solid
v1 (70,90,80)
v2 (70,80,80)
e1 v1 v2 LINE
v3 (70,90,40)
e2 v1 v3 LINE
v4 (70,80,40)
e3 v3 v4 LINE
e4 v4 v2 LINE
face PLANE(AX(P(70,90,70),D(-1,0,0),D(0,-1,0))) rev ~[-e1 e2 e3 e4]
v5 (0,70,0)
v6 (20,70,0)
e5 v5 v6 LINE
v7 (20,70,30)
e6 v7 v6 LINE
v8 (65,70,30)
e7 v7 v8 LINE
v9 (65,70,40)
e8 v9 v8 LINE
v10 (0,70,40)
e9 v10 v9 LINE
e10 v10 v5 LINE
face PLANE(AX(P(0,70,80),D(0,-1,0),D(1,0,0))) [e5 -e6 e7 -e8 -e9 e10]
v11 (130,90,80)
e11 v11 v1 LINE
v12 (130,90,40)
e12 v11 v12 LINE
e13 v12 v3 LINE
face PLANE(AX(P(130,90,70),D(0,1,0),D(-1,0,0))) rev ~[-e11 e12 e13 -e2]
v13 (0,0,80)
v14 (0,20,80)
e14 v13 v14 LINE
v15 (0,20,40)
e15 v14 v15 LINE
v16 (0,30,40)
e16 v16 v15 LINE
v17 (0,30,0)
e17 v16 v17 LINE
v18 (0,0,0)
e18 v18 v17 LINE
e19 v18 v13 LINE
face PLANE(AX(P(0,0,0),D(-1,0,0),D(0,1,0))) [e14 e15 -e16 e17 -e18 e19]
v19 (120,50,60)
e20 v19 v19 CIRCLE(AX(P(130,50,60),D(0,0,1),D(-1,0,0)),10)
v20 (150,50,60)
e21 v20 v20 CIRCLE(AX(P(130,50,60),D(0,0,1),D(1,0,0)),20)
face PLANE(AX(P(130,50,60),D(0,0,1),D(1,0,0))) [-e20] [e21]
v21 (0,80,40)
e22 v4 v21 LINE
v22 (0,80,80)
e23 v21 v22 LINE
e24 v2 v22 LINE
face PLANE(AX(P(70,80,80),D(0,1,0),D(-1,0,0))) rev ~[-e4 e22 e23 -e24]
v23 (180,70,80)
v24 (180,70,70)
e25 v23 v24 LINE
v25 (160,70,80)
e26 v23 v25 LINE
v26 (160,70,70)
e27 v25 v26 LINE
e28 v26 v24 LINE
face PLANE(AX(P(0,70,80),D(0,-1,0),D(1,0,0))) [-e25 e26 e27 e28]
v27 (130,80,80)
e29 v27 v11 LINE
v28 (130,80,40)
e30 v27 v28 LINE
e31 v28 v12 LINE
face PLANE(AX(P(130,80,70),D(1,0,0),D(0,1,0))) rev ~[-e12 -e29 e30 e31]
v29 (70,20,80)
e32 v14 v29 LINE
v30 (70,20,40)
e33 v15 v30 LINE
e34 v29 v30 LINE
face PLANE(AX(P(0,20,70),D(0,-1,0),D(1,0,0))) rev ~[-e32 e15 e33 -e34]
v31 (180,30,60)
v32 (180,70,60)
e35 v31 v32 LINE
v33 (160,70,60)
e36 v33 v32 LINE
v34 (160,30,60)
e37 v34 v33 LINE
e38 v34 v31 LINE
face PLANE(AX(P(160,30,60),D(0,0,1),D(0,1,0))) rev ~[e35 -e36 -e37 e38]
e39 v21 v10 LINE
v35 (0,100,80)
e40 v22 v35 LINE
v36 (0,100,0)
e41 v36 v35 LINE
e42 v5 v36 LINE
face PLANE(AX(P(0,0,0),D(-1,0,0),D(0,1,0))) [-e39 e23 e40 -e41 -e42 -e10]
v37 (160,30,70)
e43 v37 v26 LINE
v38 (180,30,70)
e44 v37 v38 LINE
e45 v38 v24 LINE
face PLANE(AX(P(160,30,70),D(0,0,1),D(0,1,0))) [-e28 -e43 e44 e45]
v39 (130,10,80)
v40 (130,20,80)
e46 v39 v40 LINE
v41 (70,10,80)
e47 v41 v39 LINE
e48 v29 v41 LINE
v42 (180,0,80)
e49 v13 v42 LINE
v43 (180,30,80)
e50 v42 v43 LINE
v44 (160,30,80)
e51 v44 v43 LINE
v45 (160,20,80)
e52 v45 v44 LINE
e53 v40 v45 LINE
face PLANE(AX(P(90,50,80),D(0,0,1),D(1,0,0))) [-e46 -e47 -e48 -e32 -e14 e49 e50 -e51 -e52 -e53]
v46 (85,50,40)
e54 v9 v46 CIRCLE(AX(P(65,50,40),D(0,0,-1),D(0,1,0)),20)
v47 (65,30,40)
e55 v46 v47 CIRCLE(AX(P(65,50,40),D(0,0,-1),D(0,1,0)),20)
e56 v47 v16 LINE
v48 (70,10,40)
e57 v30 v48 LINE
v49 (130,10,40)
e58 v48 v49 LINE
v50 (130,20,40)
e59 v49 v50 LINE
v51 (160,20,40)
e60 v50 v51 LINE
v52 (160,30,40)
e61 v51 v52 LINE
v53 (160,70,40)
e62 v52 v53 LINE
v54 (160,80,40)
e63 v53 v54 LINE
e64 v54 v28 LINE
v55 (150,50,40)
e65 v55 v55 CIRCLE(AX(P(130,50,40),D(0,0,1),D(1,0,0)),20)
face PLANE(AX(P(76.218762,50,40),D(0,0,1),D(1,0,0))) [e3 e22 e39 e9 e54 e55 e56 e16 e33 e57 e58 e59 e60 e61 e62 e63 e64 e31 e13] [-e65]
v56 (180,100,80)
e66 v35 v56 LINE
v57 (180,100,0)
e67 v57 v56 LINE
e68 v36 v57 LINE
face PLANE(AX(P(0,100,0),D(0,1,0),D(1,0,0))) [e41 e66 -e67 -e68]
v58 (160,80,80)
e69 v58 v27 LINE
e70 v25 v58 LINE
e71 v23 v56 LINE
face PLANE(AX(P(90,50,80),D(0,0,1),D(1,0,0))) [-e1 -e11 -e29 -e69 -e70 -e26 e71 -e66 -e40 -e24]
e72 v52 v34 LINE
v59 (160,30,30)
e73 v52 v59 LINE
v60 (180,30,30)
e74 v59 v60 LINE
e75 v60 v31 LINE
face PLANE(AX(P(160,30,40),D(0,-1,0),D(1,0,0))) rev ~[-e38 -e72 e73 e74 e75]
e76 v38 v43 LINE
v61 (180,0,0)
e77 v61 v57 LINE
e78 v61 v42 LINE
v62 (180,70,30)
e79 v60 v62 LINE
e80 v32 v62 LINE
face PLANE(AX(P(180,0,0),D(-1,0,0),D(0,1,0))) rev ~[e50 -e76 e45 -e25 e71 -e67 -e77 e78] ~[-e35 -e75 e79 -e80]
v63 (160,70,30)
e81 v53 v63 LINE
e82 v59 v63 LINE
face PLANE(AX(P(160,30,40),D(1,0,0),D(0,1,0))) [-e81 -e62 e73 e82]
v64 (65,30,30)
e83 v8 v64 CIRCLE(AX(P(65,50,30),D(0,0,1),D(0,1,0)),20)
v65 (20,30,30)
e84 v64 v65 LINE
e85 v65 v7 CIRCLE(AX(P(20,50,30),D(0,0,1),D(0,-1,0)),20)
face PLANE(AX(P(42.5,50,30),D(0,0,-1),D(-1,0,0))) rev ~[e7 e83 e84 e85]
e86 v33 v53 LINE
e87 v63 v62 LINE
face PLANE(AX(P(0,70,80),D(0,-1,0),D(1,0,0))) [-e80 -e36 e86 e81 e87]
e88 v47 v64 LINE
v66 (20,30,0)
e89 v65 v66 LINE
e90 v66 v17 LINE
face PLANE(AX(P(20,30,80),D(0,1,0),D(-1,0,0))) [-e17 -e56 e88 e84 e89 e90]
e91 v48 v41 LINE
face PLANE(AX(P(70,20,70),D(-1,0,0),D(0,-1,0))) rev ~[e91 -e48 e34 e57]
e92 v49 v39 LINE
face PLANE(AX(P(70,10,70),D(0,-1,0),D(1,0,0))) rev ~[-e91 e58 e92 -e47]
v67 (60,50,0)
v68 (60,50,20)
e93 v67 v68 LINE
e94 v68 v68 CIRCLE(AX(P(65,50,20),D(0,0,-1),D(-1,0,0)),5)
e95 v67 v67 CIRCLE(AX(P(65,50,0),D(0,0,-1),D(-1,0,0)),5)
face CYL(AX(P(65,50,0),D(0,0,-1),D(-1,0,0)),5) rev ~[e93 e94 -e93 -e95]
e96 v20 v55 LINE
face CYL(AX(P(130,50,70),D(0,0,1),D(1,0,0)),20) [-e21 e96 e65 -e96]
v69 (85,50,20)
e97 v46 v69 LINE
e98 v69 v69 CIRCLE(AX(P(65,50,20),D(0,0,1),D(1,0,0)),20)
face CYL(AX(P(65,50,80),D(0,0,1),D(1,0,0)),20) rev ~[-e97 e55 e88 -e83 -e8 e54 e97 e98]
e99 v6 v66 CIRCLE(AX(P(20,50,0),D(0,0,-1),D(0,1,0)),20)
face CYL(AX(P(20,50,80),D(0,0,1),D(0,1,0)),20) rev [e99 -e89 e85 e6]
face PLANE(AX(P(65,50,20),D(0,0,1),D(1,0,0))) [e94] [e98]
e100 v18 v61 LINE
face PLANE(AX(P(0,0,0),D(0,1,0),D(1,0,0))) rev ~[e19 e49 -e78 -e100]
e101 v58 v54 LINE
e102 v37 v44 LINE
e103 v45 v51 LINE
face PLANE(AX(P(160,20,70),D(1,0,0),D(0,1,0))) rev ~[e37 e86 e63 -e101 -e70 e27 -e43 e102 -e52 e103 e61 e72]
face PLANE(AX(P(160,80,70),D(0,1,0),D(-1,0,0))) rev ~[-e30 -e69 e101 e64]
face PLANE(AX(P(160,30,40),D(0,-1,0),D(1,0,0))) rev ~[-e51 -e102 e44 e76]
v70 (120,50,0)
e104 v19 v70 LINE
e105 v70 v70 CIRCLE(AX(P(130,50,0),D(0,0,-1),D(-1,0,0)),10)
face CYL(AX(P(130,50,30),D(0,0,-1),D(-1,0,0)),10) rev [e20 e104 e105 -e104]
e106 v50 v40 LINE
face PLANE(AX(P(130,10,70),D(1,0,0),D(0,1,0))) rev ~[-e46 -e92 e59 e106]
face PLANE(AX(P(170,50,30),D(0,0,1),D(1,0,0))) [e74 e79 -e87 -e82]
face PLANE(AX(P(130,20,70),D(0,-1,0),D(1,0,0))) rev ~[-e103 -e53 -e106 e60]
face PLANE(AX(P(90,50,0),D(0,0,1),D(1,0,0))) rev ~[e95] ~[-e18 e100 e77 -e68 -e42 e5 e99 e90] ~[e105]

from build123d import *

# Parameters (mm, degrees)
SKETCH1_W           = 180
SKETCH1_H           = 100
BOSS_EXTRUDE1_DEPTH = 80
CUT_EXTRUDE1_DEPTH  = 80
SKETCH3_R           = 5
CUT_EXTRUDE2_DEPTH  = 20
SKETCH4_R           = 10
CUT_EXTRUDE3_DEPTH  = 60
SKETCH5_R           = 20
CUT_EXTRUDE4_DEPTH  = 60
SKETCH6_R           = 20
CUT_EXTRUDE5_DEPTH  = 50
CUT_EXTRUDE6_DEPTH  = 50
SKETCH8_W           = 10
SKETCH8_H           = 40
CUT_EXTRUDE7_DEPTH  = 207
CUT_EXTRUDE8_DEPTH  = 10
CUT_EXTRUDE9_DEPTH  = 10
SKETCH11_W          = 20
SKETCH11_H          = 40
CUT_EXTRUDE10_DEPTH = 30
SKETCH12_R          = 20
SKETCH12_R_2        = 10
BOSS_EXTRUDE3_DEPTH = 30
SKETCH13_R          = 20
CUT_EXTRUDE11_DEPTH = 30
SKETCH14_W          = 20
SKETCH14_H          = 40
CUT_EXTRUDE12_DEPTH = 10
SKETCH15_W          = 10
SKETCH15_H          = 40
BOSS_EXTRUDE5_DEPTH = 20


with BuildPart() as part:
    # Sketch1 → Boss-Extrude1 (new body)
    with BuildSketch(Plane.XY):
        with Locations((90, 50)):
            Rectangle(SKETCH1_W, SKETCH1_H)
    extrude(amount=BOSS_EXTRUDE1_DEPTH)

    # Sketch2 → Cut-Extrude1 (cut)
    with BuildSketch(Plane.XY.offset(80)):
        with BuildLine():
            Line((0, 70), (20, 70))
            ThreePointArc((20, 70), (40, 50), (20, 30))
            Line((20, 30), (0, 30))
            Line((0, 30), (0, 70))
        make_face()
    extrude(amount=-CUT_EXTRUDE1_DEPTH, mode=Mode.SUBTRACT)

    # Sketch3 → Cut-Extrude2 (cut)
    with BuildSketch(Plane(origin=(0, 0, 0), x_dir=(-1, 0, 0), z_dir=(0, 0, -1))):
        with Locations((-65, 50)):
            Circle(SKETCH3_R)
    extrude(amount=-CUT_EXTRUDE2_DEPTH, mode=Mode.SUBTRACT)

    # Sketch4 → Cut-Extrude3 (cut)
    with BuildSketch(Plane(origin=(0, 0, 0), x_dir=(-1, 0, 0), z_dir=(0, 0, -1))):
        with Locations((-130, 50)):
            Circle(SKETCH4_R)
    extrude(amount=-CUT_EXTRUDE3_DEPTH, mode=Mode.SUBTRACT)

    # Sketch5 → Cut-Extrude4 (cut)
    with BuildSketch(Plane.XY.offset(80)):
        with Locations((65, 50)):
            Circle(SKETCH5_R)
    extrude(amount=-CUT_EXTRUDE4_DEPTH, mode=Mode.SUBTRACT)

    # Sketch6 → Cut-Extrude5 (cut)
    with BuildSketch(Plane.XY.offset(80)):
        with Locations((130, 50)):
            Circle(SKETCH6_R)
    extrude(amount=-CUT_EXTRUDE5_DEPTH, mode=Mode.SUBTRACT)

    # Sketch7 → Cut-Extrude6 (cut)
    with BuildSketch(Plane.XY.offset(80)):
        with BuildLine():
            Line((20, 70), (65, 70))
            ThreePointArc((65, 70), (45, 50), (65, 30))
            Line((65, 30), (20, 30))
            ThreePointArc((20, 30), (40, 50), (20, 70))
        make_face()
    extrude(amount=-CUT_EXTRUDE6_DEPTH, mode=Mode.SUBTRACT)

    # Sketch8 → Cut-Extrude7 (cut)
    with BuildSketch(Plane(origin=(180, 0, 0), x_dir=(0, 0, -1), z_dir=(1, 0, 0))):
        with Locations((-75, 50)):
            Rectangle(SKETCH8_W, SKETCH8_H)
    extrude(amount=-CUT_EXTRUDE7_DEPTH, mode=Mode.SUBTRACT)

    # Sketch9 → Cut-Extrude8 (cut)
    with BuildSketch(Plane.XY.offset(80)):
        Polygon((0, 70), (160, 70), (160, 80), (130, 80), (130, 90), (70, 90), (70, 80), (0, 80), align=None)
    extrude(amount=-CUT_EXTRUDE8_DEPTH, mode=Mode.SUBTRACT)

    # Sketch10 → Cut-Extrude9 (cut)
    with BuildSketch(Plane.XY.offset(80)):
        Polygon((160, 20), (160, 30), (0, 30), (0, 20), (70, 20), (70, 10), (130, 10), (130, 20), align=None)
    extrude(amount=-CUT_EXTRUDE9_DEPTH, mode=Mode.SUBTRACT)

    # Sketch11 → Cut-Extrude10 (cut)
    with BuildSketch(Plane.XY.offset(70)):
        with Locations((170, 50)):
            Rectangle(SKETCH11_W, SKETCH11_H)
    extrude(amount=-CUT_EXTRUDE10_DEPTH, mode=Mode.SUBTRACT)

    # Sketch12 → Boss-Extrude3 (add)
    with BuildSketch(Plane.XY.offset(30)):
        with Locations((130, 50)):
            Circle(SKETCH12_R)
        with Locations(Location((130, 50, 0), (0, 0, 180))):
            Circle(SKETCH12_R_2, mode=Mode.SUBTRACT)
    extrude(amount=BOSS_EXTRUDE3_DEPTH)

    # Sketch13 → Cut-Extrude11 (cut)
    with BuildSketch(Plane.XY.offset(70)):
        with BuildLine():
            Line((130, 20), (160, 20))
            Line((160, 20), (160, 30))
            Line((160, 30), (160, 70))
            Line((160, 70), (160, 80))
            Line((160, 80), (130, 80))
            Line((130, 80), (130, 90))
            Line((130, 90), (70, 90))
            Line((70, 90), (70, 80))
            Line((70, 80), (0, 80))
            Line((0, 80), (0, 70))
            Line((0, 70), (65, 70))
            ThreePointArc((65, 70), (85, 50), (65, 30))
            Line((65, 30), (0, 30))
            Line((0, 30), (0, 20))
            Line((0, 20), (70, 20))
            Line((70, 20), (70, 10))
            Line((70, 10), (130, 10))
            Line((130, 10), (130, 20))
        make_face()
        with Locations((130, 50)):
            Circle(SKETCH13_R, mode=Mode.SUBTRACT)
    extrude(amount=-CUT_EXTRUDE11_DEPTH, mode=Mode.SUBTRACT)

    # Sketch14 → Cut-Extrude12 (cut)
    with BuildSketch(Plane.XY.offset(40)):
        with Locations((170, 50)):
            Rectangle(SKETCH14_W, SKETCH14_H)
    extrude(amount=-CUT_EXTRUDE12_DEPTH, mode=Mode.SUBTRACT)

    # Sketch15 → Boss-Extrude5 (add)
    with BuildSketch(Plane.ZY.offset(-160)):
        with Locations((65, 50)):
            Rectangle(SKETCH15_W, SKETCH15_H)
    extrude(amount=-BOSS_EXTRUDE5_DEPTH)


solid = part.part
